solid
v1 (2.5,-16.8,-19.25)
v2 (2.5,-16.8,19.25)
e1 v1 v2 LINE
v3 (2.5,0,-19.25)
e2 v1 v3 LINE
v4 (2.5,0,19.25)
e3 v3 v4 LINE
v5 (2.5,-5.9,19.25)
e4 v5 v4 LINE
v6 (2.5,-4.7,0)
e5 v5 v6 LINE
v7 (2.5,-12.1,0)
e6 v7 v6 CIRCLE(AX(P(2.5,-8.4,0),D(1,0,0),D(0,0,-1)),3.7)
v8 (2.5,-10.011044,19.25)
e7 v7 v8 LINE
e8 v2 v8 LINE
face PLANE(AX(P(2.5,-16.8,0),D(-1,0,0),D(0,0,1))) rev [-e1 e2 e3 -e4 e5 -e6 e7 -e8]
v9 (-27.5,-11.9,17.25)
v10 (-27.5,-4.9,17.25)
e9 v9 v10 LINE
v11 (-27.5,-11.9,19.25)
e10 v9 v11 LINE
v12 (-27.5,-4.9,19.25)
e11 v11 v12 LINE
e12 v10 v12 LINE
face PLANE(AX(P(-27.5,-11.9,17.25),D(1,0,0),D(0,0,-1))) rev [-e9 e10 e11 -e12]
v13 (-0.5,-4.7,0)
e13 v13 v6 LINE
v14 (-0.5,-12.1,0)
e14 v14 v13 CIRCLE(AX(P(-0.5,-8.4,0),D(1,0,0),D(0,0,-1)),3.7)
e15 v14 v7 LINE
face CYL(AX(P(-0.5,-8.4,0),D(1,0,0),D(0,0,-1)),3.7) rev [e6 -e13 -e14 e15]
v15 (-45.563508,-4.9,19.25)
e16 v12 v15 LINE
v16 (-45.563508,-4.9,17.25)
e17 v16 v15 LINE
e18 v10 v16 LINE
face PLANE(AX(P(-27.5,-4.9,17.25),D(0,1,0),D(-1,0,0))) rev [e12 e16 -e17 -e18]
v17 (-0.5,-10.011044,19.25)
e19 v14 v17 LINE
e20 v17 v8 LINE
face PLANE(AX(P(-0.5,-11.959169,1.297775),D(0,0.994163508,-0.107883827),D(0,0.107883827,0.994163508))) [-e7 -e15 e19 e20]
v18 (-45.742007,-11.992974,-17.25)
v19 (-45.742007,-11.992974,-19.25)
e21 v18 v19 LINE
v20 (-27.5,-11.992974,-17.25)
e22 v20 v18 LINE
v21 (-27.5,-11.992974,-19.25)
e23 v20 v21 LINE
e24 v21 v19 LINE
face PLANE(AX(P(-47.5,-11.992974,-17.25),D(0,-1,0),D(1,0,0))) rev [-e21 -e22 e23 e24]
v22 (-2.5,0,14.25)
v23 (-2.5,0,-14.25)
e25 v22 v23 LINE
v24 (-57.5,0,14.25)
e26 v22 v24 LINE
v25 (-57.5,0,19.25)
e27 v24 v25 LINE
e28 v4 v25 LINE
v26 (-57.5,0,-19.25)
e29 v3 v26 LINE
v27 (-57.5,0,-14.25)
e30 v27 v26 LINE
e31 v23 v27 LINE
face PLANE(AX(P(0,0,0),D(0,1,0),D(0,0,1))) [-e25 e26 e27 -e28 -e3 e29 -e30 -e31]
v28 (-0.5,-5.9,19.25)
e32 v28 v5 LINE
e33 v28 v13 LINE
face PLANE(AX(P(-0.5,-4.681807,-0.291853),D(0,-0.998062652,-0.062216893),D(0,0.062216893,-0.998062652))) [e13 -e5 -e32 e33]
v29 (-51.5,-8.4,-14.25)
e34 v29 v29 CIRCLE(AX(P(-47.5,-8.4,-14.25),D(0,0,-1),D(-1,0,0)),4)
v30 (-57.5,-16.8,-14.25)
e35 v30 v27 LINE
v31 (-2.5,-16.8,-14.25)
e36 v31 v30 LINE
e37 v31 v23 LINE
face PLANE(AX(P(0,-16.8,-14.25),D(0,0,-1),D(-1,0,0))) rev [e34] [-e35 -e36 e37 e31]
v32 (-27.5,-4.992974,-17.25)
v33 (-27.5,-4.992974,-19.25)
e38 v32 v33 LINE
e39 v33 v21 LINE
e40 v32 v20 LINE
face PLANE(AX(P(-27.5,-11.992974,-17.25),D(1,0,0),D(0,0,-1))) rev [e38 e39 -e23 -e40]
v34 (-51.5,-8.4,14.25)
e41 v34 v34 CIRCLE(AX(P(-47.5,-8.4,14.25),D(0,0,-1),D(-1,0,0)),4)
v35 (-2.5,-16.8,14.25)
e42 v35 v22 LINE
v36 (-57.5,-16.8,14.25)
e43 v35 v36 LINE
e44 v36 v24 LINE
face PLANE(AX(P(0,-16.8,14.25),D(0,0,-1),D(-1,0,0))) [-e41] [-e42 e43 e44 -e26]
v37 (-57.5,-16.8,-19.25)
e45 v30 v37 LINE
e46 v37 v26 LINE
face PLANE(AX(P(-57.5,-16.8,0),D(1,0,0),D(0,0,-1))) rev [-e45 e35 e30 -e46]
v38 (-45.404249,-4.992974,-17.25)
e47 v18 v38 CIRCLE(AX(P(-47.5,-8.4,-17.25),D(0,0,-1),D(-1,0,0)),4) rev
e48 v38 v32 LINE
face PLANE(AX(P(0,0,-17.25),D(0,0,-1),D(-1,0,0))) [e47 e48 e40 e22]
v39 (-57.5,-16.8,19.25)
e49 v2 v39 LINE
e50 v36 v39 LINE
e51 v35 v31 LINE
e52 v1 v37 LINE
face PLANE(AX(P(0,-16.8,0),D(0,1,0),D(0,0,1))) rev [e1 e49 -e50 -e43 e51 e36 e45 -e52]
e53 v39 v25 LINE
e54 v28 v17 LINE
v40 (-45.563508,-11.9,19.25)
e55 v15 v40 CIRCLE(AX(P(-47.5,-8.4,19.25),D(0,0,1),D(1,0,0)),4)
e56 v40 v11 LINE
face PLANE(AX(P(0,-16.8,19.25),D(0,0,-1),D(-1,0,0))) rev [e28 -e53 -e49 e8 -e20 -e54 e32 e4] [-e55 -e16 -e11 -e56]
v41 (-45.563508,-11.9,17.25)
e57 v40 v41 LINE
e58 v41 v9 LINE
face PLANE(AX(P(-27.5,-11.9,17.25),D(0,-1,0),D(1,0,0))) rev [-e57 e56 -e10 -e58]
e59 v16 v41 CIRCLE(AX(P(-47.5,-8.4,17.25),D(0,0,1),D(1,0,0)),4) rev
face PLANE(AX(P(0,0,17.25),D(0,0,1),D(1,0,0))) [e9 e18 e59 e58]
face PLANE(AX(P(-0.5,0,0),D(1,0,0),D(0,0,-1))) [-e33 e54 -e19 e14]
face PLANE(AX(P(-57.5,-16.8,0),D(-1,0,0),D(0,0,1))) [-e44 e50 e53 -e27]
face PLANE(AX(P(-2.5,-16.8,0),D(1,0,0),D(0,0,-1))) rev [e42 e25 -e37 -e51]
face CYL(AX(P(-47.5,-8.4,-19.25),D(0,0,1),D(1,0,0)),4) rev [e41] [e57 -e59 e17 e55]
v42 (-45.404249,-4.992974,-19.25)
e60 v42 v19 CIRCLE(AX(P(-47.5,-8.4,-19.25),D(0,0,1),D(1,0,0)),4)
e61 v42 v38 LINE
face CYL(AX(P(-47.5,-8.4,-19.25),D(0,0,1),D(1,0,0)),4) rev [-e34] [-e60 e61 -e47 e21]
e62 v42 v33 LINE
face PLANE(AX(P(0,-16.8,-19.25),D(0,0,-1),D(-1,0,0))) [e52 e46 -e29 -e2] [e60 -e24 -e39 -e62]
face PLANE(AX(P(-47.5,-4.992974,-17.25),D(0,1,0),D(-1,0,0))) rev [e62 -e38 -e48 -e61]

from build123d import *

# Parameters (mm, degrees)
BOSS_EXTRUDE2_DEPTH = 16.8
SKETCH5_R           = 4
CUT_EXTRUDE3_DEPTH  = 38.5
SKETCH6_W           = 20
SKETCH6_H           = 7
CUT_EXTRUDE4_DEPTH  = 2
SKETCH8_W           = 20
SKETCH8_H           = 7
CUT_EXTRUDE5_DEPTH  = 2
CUT_EXTRUDE8_DEPTH  = 3


with BuildPart() as part:
    # Sketch1 → Boss-Extrude2 (new body)
    with BuildSketch(Plane(origin=(0, 0, 0), x_dir=(1, 0, 0), z_dir=(0, 1, 0))):
        Polygon((2.5, -14.25), (-2.5, -14.25), (-57.5, -14.25), (-57.5, -19.25), (2.5, -19.25), align=None)
        Polygon((2.5, 14.25), (-2.5, 14.25), (-2.5, -0.75), (-2.5, -14.25), (2.5, -14.25), align=None)
        Polygon((-57.5, 14.25), (-2.5, 14.25), (2.5, 14.25), (2.5, 19.25), (-57.5, 19.25), align=None)
    extrude(amount=-BOSS_EXTRUDE2_DEPTH)

    # Sketch5 → Cut-Extrude3 (cut)
    with BuildSketch(Plane.XY.offset(19.25)):
        with Locations((-47.5, -8.4)):
            Circle(SKETCH5_R)
    extrude(amount=-CUT_EXTRUDE3_DEPTH, mode=Mode.SUBTRACT)

    # Sketch6 → Cut-Extrude4 (cut)
    with BuildSketch(Plane.XY.offset(19.25)):
        with Locations((-37.5, -8.4)):
            Rectangle(SKETCH6_W, SKETCH6_H)
    extrude(amount=-CUT_EXTRUDE4_DEPTH, mode=Mode.SUBTRACT)

    # Sketch8 → Cut-Extrude5 (cut)
    with BuildSketch(Plane(origin=(0, 0, -19.25), x_dir=(-1, 0, 0), z_dir=(0, 0, -1))):
        with Locations((37.5, -8.492973944)):
            Rectangle(SKETCH8_W, SKETCH8_H)
    extrude(amount=-CUT_EXTRUDE5_DEPTH, mode=Mode.SUBTRACT)

    # Sketch9 → Cut-Extrude8 (cut)
    with BuildSketch(Plane(origin=(2.5, 0, 0), x_dir=(0, 0, -1), z_dir=(1, 0, 0))):
        with BuildLine():
            Line((-19.25, -10.011044161), (-0.79368081, -12.013871992))
            ThreePointArc((-0.79368081, -12.013871992), (-3.696113756, -8.2304621), (-0.459513041, -4.728644969))
            Line((-0.459513041, -4.728644969), (-19.25, -5.9))
            Line((-19.25, -5.9), (-19.25, -10.011044161))
        make_face()
        with BuildLine():
            Line((-0.79368081, -12.013871992), (0, -12.1))
            ThreePointArc((0, -12.1), (2.61629509, -11.01629509), (3.7, -8.4))
            ThreePointArc((3.7, -8.4), (2.61629509, -5.78370491), (0, -4.7))
            Line((0, -4.7), (-0.459513041, -4.728644969))
            ThreePointArc((-0.459513041, -4.728644969), (-3.696113756, -8.2304621), (-0.79368081, -12.013871992))
        make_face()
    extrude(amount=-CUT_EXTRUDE8_DEPTH, mode=Mode.SUBTRACT)


solid = part.part
